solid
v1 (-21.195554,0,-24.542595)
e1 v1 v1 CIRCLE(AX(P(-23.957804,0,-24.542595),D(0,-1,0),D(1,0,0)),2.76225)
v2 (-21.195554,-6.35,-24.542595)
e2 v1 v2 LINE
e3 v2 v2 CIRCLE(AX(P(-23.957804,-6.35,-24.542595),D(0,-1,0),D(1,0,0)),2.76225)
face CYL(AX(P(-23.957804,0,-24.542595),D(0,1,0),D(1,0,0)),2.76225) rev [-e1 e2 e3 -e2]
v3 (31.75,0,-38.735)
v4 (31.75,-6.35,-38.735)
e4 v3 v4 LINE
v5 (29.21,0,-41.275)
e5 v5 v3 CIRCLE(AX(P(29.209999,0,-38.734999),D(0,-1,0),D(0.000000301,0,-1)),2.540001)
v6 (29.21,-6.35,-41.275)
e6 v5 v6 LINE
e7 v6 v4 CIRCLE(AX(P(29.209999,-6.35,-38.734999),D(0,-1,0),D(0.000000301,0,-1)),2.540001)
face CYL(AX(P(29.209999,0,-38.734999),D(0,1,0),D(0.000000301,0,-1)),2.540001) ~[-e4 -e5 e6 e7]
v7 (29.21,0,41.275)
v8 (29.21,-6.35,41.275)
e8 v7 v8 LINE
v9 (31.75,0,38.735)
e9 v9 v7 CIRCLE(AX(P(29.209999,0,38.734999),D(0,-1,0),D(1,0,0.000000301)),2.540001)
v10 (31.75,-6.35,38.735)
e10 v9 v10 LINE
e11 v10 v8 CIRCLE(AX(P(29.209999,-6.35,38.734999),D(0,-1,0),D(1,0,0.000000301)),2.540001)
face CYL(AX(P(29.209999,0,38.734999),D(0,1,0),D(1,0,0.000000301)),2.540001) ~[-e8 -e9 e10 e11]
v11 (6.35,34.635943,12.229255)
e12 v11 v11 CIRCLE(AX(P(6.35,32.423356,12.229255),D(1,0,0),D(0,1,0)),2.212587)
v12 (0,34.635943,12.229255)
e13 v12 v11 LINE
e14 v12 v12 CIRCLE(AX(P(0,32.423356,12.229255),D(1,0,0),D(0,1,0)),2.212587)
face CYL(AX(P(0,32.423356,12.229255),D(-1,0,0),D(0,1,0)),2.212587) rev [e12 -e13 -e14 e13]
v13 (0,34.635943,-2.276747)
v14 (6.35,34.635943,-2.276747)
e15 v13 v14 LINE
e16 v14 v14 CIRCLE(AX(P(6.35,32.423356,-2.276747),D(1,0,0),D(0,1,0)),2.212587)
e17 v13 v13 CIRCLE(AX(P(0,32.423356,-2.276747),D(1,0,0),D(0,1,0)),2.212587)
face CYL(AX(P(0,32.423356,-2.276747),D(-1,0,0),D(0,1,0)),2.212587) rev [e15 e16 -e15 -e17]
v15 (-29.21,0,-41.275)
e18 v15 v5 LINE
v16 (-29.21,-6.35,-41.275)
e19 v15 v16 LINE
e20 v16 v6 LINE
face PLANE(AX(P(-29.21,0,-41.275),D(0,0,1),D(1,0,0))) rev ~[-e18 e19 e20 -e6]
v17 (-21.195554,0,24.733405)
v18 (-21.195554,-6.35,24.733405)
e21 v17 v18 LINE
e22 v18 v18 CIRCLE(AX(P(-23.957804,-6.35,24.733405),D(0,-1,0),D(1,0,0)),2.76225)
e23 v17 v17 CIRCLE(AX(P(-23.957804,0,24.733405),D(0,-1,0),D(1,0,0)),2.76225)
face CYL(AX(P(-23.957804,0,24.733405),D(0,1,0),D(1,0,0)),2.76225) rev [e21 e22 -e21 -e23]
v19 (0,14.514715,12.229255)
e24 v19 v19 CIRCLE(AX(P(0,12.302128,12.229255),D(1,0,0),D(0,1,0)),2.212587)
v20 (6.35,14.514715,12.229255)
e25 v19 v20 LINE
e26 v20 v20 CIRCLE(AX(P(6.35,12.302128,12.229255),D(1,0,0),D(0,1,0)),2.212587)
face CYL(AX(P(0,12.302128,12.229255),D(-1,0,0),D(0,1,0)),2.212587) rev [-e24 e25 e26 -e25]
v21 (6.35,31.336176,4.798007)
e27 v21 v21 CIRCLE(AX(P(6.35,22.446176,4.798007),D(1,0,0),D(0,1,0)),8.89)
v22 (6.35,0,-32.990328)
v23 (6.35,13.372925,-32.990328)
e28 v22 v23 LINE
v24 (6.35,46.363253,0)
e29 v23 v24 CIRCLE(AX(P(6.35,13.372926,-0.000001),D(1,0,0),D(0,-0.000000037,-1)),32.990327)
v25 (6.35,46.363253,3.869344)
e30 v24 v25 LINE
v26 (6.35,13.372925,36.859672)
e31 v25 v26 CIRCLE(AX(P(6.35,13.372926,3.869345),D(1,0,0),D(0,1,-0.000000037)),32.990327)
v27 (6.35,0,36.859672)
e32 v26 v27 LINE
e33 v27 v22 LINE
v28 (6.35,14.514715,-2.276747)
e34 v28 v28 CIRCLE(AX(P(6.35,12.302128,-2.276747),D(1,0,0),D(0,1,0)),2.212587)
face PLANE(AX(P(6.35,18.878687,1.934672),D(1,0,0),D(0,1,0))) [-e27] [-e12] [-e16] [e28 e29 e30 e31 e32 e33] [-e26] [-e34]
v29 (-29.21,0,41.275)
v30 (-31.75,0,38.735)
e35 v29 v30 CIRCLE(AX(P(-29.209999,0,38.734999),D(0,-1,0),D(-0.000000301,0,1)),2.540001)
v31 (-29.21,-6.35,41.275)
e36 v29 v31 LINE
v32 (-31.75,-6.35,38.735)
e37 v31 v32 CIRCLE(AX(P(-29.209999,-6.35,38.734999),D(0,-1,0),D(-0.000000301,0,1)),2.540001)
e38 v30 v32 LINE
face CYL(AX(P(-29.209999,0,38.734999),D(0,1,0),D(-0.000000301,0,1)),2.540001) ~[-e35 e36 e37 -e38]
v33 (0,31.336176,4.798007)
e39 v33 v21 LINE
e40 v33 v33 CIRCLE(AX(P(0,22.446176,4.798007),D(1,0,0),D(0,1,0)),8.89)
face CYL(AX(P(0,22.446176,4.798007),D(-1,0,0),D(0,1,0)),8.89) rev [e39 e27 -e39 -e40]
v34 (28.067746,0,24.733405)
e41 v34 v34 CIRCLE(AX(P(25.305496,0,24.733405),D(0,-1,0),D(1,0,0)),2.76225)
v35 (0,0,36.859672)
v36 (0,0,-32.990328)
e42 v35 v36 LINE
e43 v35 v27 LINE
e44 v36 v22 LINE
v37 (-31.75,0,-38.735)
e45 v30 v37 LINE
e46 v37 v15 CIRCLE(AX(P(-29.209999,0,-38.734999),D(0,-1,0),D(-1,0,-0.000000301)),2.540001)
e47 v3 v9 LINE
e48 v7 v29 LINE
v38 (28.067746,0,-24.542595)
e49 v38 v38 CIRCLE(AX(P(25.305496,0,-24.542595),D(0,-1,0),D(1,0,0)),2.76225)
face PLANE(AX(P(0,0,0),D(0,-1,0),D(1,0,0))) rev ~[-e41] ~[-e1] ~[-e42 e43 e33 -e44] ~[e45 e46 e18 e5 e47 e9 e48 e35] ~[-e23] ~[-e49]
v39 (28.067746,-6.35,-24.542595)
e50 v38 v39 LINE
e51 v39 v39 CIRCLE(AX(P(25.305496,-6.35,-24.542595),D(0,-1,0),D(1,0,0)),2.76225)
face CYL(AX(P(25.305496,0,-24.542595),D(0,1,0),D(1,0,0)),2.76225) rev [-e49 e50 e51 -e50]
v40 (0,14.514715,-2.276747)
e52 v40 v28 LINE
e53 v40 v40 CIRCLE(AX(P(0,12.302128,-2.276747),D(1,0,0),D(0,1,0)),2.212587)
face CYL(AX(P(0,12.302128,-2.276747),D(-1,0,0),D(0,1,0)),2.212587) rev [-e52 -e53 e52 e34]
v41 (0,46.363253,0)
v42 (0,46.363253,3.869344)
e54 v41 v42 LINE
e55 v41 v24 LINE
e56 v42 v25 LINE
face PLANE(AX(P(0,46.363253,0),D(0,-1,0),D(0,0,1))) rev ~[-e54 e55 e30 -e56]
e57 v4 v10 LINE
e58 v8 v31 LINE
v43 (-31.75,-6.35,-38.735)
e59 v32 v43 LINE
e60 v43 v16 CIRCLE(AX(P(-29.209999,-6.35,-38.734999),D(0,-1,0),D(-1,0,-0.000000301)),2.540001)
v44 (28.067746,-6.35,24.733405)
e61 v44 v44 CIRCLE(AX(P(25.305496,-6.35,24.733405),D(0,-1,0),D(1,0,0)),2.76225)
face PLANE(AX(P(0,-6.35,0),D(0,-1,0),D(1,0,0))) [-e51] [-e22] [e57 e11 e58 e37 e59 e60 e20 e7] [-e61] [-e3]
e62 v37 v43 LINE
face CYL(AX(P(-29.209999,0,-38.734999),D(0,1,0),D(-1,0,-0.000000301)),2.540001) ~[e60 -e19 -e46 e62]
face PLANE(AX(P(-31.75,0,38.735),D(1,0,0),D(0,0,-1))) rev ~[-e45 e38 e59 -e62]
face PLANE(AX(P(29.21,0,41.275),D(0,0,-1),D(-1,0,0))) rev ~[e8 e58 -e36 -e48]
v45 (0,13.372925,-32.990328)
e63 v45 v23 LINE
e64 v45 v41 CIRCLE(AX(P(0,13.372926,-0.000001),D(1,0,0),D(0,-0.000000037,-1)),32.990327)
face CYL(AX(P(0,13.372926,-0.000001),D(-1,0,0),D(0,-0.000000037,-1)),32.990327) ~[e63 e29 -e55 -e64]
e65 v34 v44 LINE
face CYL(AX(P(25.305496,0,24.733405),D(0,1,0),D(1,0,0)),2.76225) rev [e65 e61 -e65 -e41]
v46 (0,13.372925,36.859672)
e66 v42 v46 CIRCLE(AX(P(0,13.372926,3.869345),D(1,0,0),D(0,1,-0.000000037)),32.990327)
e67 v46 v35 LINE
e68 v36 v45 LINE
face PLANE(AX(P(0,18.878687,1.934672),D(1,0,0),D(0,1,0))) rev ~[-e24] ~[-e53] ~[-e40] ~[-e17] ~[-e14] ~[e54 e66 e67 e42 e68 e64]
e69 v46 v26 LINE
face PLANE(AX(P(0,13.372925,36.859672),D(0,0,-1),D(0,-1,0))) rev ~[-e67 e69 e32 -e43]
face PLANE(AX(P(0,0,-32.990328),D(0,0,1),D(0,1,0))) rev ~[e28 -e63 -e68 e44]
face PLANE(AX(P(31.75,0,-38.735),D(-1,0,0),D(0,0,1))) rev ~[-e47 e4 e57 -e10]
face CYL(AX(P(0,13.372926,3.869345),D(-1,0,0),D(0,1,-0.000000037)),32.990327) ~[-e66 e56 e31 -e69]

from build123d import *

# Parameters (mm, degrees)
F0_R     = 2.76225
F2_DEPTH = 6.35
F1_R     = 2.212587
F1_R_2   = 8.89
F3_DEPTH = 6.35


with BuildPart() as f2:
    # F0 (on Front) → F2 (new body)
    with BuildSketch(Plane.XZ):
        with BuildLine():
            ThreePointArc((31.75, 38.735), (31.006051, 40.531051), (29.21, 41.275))
            Line((29.21, 41.275), (-29.21, 41.275))
            ThreePointArc((-29.21, 41.275), (-31.006051, 40.531051), (-31.75, 38.735))
            Line((-31.75, 38.735), (-31.75, -38.735))
            ThreePointArc((-31.75, -38.735), (-31.006051, -40.531051), (-29.21, -41.275))
            Line((-29.21, -41.275), (29.21, -41.275))
            ThreePointArc((29.21, -41.275), (31.006051, -40.531051), (31.75, -38.735))
            Line((31.75, -38.735), (31.75, 38.735))
        make_face()
        with Locations((-23.957804, -24.542595)):
            Circle(F0_R, mode=Mode.SUBTRACT)
        with Locations((25.305496, -24.542595)):
            Circle(F0_R, mode=Mode.SUBTRACT)
        with Locations((-23.957804, 24.733405)):
            Circle(F0_R, mode=Mode.SUBTRACT)
        with Locations((25.305496, 24.733405)):
            Circle(F0_R, mode=Mode.SUBTRACT)
    extrude(amount=F2_DEPTH)

    # F1 (on Right) → F3 (join)
    with BuildSketch(Plane.YZ):
        with BuildLine():
            Line((13.372925, 36.859672), (0, 36.859672))
            Line((0, 36.859672), (0, -32.990328))
            Line((0, -32.990328), (13.372925, -32.990328))
            ThreePointArc((13.372925, -32.990328), (36.70061, -23.327685), (46.363253, 0))
            Line((46.363253, 0), (46.363253, 3.869344))
            ThreePointArc((46.363253, 3.869344), (36.70061, 27.197029), (13.372925, 36.859672))
        make_face()
        with Locations((12.302128, -2.276747)):
            Circle(F1_R, mode=Mode.SUBTRACT)
        with Locations((32.423356, -2.276747)):
            Circle(F1_R, mode=Mode.SUBTRACT)
        with Locations((22.446176, 4.798007)):
            Circle(F1_R_2, mode=Mode.SUBTRACT)
        with Locations((12.302128, 12.229255)):
            Circle(F1_R, mode=Mode.SUBTRACT)
        with Locations((32.423356, 12.229255)):
            Circle(F1_R, mode=Mode.SUBTRACT)
    extrude(amount=F3_DEPTH)


solid = f2.part
